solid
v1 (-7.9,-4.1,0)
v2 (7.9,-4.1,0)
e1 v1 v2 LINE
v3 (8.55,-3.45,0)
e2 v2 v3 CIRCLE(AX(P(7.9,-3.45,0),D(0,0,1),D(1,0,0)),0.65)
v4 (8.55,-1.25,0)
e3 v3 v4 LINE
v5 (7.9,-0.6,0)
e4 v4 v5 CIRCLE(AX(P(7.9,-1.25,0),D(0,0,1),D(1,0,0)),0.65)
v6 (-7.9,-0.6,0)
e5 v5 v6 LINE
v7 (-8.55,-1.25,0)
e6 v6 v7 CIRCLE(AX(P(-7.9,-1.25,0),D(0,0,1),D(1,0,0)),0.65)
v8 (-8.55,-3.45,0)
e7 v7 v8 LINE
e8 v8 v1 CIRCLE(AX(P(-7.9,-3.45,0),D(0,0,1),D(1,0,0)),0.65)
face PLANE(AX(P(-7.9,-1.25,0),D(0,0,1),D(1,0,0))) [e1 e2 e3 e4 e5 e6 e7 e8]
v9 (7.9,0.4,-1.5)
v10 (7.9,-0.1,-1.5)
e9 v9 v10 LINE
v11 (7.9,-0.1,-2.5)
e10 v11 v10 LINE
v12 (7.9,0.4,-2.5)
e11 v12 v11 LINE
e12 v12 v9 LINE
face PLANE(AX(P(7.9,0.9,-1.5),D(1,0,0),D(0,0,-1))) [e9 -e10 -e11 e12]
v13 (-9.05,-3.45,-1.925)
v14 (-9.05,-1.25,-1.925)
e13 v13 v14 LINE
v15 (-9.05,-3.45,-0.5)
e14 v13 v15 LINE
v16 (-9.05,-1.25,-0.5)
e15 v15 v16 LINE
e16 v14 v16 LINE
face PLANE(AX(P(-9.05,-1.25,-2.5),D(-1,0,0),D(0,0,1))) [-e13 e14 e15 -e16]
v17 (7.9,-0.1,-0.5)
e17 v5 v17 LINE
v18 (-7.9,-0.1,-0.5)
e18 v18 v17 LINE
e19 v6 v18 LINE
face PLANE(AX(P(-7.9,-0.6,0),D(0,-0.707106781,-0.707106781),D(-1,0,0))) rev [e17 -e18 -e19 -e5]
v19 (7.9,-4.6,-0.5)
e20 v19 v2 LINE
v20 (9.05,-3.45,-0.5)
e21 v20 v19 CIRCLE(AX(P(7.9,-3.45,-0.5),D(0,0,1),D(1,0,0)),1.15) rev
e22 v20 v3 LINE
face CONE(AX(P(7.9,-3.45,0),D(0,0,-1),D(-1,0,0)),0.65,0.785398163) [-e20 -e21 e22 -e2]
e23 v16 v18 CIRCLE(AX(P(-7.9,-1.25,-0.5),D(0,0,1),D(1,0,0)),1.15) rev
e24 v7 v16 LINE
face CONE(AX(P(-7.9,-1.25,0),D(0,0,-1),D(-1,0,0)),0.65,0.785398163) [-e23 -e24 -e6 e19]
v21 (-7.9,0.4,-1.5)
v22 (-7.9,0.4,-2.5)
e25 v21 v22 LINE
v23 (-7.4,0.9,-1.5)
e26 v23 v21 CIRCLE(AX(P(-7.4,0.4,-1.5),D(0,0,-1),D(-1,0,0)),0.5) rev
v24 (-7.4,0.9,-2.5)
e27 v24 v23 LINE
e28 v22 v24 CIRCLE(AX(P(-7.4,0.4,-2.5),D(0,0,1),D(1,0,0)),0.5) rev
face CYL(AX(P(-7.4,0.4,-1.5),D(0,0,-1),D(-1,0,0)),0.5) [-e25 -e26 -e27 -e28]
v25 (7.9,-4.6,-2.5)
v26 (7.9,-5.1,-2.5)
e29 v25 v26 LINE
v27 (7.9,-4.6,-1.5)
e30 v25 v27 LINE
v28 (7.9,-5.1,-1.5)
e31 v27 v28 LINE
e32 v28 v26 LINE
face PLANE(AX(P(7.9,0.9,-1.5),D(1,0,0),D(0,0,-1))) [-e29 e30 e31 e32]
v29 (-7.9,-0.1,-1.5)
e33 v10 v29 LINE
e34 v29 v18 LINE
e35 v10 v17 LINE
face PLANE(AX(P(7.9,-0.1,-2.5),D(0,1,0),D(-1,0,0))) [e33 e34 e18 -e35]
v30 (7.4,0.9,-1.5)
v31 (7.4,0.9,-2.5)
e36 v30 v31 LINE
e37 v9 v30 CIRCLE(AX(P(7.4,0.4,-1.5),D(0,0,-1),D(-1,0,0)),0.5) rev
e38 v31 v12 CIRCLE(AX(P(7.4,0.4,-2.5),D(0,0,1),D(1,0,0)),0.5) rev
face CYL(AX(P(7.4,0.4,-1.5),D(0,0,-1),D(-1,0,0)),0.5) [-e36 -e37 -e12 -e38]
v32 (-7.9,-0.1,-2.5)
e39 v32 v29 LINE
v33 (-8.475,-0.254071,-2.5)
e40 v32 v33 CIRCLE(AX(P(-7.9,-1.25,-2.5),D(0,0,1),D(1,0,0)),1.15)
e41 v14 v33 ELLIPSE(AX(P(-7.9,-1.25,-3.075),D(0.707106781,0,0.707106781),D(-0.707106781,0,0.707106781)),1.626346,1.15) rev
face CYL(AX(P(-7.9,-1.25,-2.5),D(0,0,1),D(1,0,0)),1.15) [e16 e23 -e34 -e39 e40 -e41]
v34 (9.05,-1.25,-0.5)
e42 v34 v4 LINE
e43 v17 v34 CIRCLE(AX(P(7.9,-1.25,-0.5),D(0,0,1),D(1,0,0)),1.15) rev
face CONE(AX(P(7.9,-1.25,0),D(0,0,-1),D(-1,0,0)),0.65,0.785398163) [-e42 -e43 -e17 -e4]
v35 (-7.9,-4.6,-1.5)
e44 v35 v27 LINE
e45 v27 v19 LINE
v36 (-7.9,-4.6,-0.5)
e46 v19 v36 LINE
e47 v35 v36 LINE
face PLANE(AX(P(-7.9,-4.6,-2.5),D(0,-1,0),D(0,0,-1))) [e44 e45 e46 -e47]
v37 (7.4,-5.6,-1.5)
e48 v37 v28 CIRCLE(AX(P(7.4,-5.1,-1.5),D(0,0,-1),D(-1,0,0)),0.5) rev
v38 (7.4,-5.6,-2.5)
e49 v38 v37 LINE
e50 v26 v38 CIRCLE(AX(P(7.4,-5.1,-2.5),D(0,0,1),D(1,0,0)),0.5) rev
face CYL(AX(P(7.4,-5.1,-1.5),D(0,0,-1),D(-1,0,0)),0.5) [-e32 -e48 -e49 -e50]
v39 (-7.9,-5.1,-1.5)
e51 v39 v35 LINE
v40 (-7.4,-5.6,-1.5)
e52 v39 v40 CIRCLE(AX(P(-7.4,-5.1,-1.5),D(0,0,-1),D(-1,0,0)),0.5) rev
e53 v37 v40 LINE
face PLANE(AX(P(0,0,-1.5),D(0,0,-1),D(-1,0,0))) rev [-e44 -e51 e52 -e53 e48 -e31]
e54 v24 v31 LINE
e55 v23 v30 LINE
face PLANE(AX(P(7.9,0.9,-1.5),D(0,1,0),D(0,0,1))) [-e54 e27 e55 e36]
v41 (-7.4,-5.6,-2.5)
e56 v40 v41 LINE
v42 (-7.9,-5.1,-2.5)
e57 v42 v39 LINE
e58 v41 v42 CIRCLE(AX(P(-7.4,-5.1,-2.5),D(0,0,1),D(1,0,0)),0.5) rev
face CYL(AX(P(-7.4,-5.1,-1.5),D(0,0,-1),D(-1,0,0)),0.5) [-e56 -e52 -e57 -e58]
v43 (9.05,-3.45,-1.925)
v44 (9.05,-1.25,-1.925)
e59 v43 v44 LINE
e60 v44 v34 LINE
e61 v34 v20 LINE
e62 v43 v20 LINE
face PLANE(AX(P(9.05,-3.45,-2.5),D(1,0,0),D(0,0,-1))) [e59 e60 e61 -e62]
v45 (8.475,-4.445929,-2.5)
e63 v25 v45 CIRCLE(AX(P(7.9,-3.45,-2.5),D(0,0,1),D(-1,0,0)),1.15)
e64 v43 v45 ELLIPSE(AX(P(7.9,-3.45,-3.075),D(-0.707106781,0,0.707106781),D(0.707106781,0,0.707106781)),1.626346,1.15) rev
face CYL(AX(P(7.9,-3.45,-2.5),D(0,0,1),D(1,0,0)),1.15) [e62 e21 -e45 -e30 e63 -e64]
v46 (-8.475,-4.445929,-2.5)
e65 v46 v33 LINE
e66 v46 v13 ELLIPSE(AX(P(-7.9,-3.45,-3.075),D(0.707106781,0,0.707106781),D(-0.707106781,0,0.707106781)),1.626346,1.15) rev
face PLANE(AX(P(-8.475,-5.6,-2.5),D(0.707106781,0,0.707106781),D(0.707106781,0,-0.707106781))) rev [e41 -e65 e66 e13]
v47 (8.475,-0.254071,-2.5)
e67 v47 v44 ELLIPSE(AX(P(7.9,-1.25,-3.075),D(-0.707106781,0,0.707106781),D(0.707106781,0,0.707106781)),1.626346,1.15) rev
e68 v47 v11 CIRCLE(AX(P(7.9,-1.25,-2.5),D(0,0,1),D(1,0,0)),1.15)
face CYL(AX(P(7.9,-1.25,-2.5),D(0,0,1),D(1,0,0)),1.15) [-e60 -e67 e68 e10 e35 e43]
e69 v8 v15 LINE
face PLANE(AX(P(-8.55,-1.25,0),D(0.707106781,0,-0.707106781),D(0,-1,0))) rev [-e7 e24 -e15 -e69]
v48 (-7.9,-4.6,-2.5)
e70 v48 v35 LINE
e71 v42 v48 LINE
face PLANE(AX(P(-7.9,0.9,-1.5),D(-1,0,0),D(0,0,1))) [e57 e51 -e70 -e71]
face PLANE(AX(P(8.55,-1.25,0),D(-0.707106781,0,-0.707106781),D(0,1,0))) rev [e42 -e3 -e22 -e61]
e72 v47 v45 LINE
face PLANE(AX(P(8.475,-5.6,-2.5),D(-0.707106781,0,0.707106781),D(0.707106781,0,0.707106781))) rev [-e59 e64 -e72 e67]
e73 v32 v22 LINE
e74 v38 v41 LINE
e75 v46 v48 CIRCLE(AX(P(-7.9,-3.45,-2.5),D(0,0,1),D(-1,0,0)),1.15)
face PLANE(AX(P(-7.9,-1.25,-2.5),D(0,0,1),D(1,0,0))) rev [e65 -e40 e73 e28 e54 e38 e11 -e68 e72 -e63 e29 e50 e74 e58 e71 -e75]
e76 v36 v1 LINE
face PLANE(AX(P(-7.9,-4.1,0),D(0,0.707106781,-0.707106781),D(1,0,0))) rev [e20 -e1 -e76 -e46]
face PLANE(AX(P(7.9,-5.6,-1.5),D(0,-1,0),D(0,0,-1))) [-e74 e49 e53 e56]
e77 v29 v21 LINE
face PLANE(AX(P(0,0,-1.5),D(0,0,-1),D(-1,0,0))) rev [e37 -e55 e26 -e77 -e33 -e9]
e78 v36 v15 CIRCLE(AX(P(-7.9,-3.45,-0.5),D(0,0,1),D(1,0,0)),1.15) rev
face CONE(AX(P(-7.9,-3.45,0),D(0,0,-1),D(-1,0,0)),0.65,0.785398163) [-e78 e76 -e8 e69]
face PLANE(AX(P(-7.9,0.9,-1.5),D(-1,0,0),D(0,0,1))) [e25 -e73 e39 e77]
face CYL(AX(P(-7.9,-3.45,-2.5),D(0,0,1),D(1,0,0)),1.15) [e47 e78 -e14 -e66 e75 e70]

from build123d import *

# Parameters (mm, degrees)
EXTRUDE_1_DEPTH     = 2.5
SKETCH_2_W          = 15.8
SKETCH_2_H          = 6.5
EXTRUDE_2_DEPTH     = 1
FILLET_1_R          = 0.5
CHAMFER_1_SIZE      = 0.5
CUT_EXTRUDE_1_DEPTH = 12.419391402


with BuildPart() as part:
    # 草图1 → 凸台-拉伸1 (new body)
    with BuildSketch(Plane.XY):
        with BuildLine():
            Line((-9.05, -1.25), (-9.05, -3.45))
            ThreePointArc((-9.05, -3.45), (-8.713172798, -4.263172798), (-7.9, -4.6))
            Line((-7.9, -4.6), (7.9, -4.6))
            ThreePointArc((7.9, -4.6), (8.713172798, -4.263172798), (9.05, -3.45))
            Line((9.05, -3.45), (9.05, -1.25))
            ThreePointArc((9.05, -1.25), (8.713172798, -0.436827202), (7.9, -0.1))
            Line((7.9, -0.1), (-7.9, -0.1))
            ThreePointArc((-7.9, -0.1), (-8.713172798, -0.436827202), (-9.05, -1.25))
        make_face()
    extrude(amount=-EXTRUDE_1_DEPTH)

    # 草图2 → 凸台-拉伸2 (add)
    with BuildSketch(Plane(origin=(0, 0, -2.5), x_dir=(-1, 0, 0), z_dir=(0, 0, -1))):
        with Locations((0, -2.35)):
            Rectangle(SKETCH_2_W, SKETCH_2_H)
    extrude(amount=-EXTRUDE_2_DEPTH)

    # 圆角1
    fillet_1_edges = [part.edges().sort_by_distance(p)[0] for p in [
        (-7.9, 0.9, -2),
        (-7.9, -5.6, -2),
        (7.9, -5.6, -2),
        (7.9, 0.9, -2),
    ]]
    fillet(fillet_1_edges, radius=FILLET_1_R)

    # 倒角1
    chamfer_1_edges = [part.edges().sort_by_distance(p)[0] for p in [
        (-9.05, -2.35, 0),
        (-8.713172798, -0.436827202, 0),
        (0, -0.1, 0),
        (8.713172798, -0.436827202, 0),
        (9.05, -2.35, 0),
        (8.713172798, -4.263172798, 0),
        (0, -4.6, 0),
        (-8.713172798, -4.263172798, 0),
    ]]
    chamfer(chamfer_1_edges, length=CHAMFER_1_SIZE)

    # 草图3 → 切除-拉伸1 (cut, through all)
    with BuildSketch(Plane(origin=(0, 0.9, 0), x_dir=(1, 0, 0), z_dir=(0, 1, 0))):
        Polygon((8.475, 2.5), (9.05, 1.925), (9.05, 2.5), align=None)
        Polygon((-9.05, 1.925), (-9.05, 2.5), (-8.475, 2.5), align=None)
    extrude(amount=-CUT_EXTRUDE_1_DEPTH, mode=Mode.SUBTRACT)


solid = part.part
